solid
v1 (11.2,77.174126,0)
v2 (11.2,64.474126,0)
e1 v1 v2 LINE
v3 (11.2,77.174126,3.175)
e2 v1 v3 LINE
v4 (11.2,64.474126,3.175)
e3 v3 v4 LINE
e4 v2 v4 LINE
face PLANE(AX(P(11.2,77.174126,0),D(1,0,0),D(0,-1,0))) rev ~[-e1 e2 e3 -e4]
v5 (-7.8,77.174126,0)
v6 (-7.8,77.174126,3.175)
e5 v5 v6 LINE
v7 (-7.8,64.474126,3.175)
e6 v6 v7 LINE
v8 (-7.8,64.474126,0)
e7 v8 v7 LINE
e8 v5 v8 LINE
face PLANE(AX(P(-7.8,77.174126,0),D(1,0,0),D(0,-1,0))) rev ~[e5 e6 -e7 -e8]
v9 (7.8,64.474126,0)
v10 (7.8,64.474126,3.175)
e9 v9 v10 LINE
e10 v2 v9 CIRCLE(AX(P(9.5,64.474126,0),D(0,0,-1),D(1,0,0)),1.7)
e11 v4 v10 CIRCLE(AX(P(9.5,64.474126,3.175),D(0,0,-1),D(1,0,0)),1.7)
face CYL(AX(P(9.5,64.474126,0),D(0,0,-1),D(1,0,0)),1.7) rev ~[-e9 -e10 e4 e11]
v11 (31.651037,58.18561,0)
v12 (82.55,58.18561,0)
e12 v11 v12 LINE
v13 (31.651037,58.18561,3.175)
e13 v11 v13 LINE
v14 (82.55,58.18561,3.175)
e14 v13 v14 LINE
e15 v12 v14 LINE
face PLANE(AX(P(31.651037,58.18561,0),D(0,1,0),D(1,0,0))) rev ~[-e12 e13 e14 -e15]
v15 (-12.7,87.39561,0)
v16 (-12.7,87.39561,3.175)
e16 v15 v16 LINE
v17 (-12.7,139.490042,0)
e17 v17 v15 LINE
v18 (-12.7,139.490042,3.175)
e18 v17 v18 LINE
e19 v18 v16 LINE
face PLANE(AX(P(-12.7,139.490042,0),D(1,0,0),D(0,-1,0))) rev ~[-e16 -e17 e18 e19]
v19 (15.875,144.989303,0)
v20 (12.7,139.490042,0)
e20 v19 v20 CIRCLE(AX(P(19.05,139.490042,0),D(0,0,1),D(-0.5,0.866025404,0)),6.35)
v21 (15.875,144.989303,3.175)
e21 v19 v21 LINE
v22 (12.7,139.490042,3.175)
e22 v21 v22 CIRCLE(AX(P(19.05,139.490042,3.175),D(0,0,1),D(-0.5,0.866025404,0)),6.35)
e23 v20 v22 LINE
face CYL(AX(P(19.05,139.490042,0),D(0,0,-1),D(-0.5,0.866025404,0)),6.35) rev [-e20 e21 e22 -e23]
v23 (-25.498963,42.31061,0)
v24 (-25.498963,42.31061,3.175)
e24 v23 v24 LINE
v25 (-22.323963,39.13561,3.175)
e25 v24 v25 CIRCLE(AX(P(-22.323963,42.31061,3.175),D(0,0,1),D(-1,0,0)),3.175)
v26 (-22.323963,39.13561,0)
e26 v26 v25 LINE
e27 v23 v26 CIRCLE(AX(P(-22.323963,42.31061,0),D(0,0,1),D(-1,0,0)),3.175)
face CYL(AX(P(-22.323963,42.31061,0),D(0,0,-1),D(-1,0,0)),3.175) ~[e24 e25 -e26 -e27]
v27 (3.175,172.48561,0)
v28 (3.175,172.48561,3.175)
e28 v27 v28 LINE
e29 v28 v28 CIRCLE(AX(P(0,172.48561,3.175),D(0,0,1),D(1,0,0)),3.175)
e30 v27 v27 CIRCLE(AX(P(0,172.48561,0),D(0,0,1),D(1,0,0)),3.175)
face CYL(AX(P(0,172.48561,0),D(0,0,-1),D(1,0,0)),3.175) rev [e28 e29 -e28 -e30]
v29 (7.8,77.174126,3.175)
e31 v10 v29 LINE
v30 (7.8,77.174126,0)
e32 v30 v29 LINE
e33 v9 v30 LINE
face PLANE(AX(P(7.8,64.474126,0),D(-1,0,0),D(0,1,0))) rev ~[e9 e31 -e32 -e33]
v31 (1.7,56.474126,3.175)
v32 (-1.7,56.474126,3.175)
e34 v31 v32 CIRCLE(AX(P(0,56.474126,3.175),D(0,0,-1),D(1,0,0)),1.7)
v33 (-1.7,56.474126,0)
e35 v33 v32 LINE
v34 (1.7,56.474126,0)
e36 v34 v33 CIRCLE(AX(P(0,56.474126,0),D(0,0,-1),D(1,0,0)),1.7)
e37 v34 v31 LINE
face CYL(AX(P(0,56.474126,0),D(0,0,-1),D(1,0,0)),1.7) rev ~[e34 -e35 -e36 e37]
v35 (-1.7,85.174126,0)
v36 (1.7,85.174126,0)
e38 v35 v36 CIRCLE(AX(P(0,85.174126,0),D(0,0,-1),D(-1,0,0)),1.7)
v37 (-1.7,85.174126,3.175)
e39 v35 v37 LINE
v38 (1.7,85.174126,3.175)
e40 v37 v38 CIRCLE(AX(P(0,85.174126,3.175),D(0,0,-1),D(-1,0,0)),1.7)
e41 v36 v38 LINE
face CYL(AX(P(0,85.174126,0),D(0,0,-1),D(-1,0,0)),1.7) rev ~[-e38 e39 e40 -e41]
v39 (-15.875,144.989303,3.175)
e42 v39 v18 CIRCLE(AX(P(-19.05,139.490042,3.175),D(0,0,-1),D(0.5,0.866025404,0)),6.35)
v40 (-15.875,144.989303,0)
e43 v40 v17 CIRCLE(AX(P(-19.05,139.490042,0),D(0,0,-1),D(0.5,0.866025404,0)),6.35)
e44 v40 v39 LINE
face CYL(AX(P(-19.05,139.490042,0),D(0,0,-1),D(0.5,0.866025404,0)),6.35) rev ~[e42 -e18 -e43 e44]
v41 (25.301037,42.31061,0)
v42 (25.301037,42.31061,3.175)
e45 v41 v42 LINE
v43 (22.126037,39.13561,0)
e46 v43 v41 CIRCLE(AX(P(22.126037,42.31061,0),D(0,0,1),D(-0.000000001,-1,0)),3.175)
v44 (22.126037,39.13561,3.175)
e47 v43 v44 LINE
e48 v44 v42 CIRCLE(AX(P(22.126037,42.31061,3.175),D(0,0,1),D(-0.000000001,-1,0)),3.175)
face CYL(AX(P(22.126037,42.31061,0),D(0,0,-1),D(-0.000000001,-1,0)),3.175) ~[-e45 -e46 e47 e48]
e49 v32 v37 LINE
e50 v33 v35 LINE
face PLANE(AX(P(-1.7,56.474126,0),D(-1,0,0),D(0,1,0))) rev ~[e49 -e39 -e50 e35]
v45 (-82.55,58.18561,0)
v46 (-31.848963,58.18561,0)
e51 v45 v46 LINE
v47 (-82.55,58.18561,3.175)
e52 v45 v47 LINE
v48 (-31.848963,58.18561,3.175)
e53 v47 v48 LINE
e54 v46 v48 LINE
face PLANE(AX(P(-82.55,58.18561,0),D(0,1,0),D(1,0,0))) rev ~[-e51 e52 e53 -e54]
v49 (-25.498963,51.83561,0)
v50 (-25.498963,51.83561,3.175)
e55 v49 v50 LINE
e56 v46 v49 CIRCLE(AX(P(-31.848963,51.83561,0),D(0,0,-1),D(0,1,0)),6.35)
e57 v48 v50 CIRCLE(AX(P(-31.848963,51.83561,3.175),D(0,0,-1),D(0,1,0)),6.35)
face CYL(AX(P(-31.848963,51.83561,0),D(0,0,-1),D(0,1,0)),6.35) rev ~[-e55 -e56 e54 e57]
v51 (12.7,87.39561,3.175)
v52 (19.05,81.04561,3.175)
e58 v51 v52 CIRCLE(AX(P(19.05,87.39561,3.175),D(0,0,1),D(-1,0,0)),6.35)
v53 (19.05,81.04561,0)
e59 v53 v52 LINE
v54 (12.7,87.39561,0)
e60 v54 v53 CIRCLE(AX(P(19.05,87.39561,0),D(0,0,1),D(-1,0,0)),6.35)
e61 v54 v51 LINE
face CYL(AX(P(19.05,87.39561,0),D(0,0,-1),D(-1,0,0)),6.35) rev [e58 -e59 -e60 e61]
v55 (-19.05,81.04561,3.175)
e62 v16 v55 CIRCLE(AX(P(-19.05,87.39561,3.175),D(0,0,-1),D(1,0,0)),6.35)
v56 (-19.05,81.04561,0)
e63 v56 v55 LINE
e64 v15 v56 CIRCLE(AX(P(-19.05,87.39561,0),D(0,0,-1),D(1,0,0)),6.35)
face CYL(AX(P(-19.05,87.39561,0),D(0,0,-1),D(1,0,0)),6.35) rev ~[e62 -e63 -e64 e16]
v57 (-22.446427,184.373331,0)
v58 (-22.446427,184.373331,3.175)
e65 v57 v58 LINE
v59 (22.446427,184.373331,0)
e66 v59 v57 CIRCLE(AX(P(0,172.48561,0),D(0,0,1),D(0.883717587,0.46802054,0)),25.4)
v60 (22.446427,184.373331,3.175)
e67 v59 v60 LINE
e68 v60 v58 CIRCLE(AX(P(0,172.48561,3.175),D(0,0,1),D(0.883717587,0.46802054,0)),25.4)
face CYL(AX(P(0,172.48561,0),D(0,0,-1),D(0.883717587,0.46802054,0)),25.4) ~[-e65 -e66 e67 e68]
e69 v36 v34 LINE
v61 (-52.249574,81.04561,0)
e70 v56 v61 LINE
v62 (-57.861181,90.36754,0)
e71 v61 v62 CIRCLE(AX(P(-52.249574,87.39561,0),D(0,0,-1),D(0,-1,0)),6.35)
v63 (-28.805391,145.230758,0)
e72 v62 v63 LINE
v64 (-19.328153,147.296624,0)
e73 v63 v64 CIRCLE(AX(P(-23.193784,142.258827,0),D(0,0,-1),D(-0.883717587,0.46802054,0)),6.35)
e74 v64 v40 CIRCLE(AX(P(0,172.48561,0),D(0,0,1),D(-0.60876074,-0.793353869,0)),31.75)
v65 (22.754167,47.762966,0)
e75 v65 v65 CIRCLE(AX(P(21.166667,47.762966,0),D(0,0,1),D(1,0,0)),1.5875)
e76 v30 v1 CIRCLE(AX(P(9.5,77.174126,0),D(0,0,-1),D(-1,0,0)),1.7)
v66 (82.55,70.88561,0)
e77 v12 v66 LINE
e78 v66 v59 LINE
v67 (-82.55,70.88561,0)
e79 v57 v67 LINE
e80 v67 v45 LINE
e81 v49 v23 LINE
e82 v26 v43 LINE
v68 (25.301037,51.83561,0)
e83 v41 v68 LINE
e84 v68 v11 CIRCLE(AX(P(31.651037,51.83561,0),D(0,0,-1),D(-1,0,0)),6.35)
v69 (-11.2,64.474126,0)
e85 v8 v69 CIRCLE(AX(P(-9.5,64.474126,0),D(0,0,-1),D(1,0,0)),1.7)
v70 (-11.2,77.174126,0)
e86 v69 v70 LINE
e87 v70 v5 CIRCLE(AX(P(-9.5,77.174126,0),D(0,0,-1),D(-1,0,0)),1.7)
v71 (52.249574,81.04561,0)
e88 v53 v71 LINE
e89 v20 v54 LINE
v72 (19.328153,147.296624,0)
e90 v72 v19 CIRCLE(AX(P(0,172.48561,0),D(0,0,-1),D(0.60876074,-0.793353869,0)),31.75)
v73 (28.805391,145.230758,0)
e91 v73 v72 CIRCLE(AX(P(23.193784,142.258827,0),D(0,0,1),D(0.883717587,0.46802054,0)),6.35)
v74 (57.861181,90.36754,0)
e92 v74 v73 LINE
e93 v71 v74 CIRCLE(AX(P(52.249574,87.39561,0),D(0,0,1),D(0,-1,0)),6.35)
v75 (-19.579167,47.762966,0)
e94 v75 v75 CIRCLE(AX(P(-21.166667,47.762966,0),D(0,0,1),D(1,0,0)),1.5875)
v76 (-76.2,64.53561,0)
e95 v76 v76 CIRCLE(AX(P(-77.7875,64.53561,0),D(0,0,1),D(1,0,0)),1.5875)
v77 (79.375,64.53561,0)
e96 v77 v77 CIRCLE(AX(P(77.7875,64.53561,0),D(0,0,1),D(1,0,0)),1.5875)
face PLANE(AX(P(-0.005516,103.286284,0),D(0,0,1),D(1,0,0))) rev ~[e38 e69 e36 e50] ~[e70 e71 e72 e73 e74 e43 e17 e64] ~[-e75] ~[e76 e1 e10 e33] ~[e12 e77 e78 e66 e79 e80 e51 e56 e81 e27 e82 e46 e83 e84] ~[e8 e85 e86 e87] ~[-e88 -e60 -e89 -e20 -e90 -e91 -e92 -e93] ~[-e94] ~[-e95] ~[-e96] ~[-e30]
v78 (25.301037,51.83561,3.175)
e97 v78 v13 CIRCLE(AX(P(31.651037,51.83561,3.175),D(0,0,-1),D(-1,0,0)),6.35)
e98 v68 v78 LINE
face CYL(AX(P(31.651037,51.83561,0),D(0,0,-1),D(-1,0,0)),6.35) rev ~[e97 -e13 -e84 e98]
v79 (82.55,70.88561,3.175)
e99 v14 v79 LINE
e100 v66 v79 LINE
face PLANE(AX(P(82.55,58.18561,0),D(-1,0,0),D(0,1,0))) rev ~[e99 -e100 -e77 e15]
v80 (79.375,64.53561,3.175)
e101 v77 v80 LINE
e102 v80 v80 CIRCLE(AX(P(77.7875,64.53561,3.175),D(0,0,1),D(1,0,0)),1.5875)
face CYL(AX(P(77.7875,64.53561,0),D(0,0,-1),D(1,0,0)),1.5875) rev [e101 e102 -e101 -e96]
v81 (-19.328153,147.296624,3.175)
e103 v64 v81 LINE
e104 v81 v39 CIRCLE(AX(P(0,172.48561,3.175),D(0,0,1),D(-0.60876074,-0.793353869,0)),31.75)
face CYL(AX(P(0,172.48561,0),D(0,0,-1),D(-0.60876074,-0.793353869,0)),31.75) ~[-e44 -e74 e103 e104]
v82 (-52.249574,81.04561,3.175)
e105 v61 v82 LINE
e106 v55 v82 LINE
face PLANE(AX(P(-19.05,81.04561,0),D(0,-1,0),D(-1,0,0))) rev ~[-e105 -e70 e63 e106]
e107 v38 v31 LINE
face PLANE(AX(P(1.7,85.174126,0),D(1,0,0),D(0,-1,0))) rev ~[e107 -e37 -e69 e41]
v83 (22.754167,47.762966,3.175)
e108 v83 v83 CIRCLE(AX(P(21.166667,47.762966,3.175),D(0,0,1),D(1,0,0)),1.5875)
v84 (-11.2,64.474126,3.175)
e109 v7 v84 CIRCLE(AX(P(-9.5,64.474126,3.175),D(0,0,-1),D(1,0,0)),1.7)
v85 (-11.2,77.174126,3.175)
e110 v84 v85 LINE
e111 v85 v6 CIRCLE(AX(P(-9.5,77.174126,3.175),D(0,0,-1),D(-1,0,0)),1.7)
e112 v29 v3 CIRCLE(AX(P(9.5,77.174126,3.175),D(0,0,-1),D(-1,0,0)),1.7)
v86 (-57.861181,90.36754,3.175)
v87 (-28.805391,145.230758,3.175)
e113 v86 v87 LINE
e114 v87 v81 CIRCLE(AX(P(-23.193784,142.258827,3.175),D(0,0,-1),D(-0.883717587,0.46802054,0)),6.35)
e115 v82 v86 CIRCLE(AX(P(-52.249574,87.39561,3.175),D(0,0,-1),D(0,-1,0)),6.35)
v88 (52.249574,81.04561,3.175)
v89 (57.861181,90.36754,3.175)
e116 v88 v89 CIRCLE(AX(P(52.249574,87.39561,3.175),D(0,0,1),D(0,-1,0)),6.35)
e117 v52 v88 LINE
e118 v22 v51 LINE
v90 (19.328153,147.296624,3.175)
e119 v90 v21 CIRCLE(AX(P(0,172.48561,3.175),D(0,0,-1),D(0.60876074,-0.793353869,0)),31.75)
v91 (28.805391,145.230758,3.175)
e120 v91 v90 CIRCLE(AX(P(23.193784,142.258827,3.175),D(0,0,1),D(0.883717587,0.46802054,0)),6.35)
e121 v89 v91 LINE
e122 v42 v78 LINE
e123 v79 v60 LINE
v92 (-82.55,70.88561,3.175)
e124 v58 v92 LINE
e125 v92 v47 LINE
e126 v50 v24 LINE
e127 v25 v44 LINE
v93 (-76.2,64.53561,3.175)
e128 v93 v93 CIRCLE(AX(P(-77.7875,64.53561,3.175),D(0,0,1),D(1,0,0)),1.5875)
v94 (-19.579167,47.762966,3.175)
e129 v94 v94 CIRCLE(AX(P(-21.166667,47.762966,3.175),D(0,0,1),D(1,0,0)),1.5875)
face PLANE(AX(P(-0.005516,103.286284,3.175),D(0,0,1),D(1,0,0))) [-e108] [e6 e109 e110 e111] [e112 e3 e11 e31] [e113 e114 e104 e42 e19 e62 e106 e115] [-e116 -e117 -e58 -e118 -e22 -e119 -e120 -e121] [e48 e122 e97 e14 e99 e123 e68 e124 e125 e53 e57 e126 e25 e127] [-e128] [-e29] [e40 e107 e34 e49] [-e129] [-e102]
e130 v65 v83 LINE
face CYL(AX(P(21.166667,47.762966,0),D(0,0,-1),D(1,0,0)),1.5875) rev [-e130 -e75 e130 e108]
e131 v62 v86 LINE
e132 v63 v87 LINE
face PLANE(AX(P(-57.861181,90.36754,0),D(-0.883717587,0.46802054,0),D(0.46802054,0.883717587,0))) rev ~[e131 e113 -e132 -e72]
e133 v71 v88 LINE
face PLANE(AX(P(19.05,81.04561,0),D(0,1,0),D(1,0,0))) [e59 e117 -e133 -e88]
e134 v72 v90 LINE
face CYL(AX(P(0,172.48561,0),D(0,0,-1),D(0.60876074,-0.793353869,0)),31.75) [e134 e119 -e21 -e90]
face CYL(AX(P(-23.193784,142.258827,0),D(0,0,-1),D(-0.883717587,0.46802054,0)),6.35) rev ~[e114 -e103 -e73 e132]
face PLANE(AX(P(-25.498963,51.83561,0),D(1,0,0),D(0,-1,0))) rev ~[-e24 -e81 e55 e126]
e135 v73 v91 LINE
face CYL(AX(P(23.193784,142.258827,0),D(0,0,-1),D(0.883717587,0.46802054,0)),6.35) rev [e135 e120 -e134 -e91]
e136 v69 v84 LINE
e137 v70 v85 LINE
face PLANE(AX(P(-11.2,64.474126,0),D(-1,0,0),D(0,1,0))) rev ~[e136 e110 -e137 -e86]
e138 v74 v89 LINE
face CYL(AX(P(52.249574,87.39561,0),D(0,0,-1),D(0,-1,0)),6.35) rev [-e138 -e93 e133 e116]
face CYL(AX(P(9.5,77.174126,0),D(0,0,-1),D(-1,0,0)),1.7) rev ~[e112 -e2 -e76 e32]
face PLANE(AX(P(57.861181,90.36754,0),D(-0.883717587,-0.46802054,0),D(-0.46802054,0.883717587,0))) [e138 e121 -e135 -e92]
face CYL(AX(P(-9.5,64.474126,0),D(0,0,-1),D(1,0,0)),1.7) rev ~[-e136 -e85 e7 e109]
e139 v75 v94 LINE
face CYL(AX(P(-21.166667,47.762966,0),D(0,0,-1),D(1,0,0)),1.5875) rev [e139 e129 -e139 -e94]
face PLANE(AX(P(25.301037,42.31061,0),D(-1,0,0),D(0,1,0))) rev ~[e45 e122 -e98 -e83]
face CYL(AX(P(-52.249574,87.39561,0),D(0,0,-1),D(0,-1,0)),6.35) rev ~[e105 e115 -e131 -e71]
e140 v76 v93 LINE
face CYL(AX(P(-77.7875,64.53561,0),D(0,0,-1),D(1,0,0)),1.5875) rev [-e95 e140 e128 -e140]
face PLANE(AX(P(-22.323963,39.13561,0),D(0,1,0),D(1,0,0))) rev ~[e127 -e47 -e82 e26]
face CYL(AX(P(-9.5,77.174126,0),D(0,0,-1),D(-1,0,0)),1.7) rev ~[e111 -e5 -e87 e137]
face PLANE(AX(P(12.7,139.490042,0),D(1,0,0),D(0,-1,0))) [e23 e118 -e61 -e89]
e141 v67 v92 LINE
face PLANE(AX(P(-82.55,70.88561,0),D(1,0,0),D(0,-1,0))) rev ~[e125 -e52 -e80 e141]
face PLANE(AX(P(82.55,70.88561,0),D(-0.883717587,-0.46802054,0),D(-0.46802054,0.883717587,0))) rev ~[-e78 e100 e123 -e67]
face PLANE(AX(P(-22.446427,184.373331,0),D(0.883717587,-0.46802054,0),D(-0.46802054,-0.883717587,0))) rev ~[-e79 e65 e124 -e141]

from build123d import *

# Parameters (mm, degrees)
SKETCH5_R           = 1.5875
SKETCH5_R_2         = 3.175
BOSS_EXTRUDE2_DEPTH = 3.175


with BuildPart() as part:
    # Sketch5 → Boss-Extrude2 (new body)
    with BuildSketch(Plane.XY):
        with BuildLine():
            Line((-82.55, 70.885609673), (-82.55, 58.185609673))
            Line((-82.55, 58.185609673), (-31.848963051, 58.185609673))
            ThreePointArc((-31.848963051, 58.185609673), (-27.35883499, 56.325737733), (-25.498963051, 51.835609673))
            Line((-25.498963051, 51.835609673), (-25.498963051, 42.310609673))
            ThreePointArc((-25.498963051, 42.310609673), (-24.569027081, 40.065545642), (-22.323963051, 39.135609673))
            Line((-22.323963051, 39.135609673), (22.126036949, 39.135609673))
            ThreePointArc((22.126036949, 39.135609673), (24.37110098, 40.065545642), (25.301036949, 42.310609673))
            Line((25.301036949, 42.310609673), (25.301036949, 51.835609673))
            ThreePointArc((25.301036949, 51.835609673), (27.160908889, 56.325737733), (31.651036949, 58.185609673))
            Line((31.651036949, 58.185609673), (82.55, 58.185609673))
            Line((82.55, 58.185609673), (82.55, 70.885609673))
            Line((82.55, 70.885609673), (22.446426721, 184.373331383))
            ThreePointArc((22.446426721, 184.373331383), (0, 197.885609673), (-22.446426721, 184.373331383))
            Line((-22.446426721, 184.373331383), (-82.55, 70.885609673))
        make_face()
        with Locations((-77.7875, 64.535609673)):
            Circle(SKETCH5_R, mode=Mode.SUBTRACT)
        with Locations((77.7875, 64.535609673)):
            Circle(SKETCH5_R, mode=Mode.SUBTRACT)
        with Locations((-21.166666667, 47.762966307)):
            Circle(SKETCH5_R, mode=Mode.SUBTRACT)
        with Locations((21.166666667, 47.762966307)):
            Circle(SKETCH5_R, mode=Mode.SUBTRACT)
        with Locations((0, 172.485609673)):
            Circle(SKETCH5_R_2, mode=Mode.SUBTRACT)
        with BuildLine():
            Line((-57.861180964, 90.3675401), (-28.80539088, 145.230757697))
            ThreePointArc((-28.80539088, 145.230757697), (-24.546211379, 148.463135508), (-19.3281535, 147.296624336))
            ThreePointArc((-19.3281535, 147.296624336), (-17.639343437, 146.086441824), (-15.875, 144.989303103))
            ThreePointArc((-15.875, 144.989303103), (-13.550738686, 142.665041789), (-12.7, 139.490041789))
            Line((-12.7, 139.490041789), (-12.7, 87.395609673))
            ThreePointArc((-12.7, 87.395609673), (-14.559871939, 82.905481612), (-19.05, 81.045609673))
            Line((-19.05, 81.045609673), (-52.249574284, 81.045609673))
            ThreePointArc((-52.249574284, 81.045609673), (-57.689898641, 84.120648468), (-57.861180964, 90.3675401))
        make_face(mode=Mode.SUBTRACT)
        with BuildLine():
            Line((57.861180964, 90.3675401), (28.80539088, 145.230757697))
            ThreePointArc((28.80539088, 145.230757697), (24.546211379, 148.463135508), (19.3281535, 147.296624336))
            ThreePointArc((19.3281535, 147.296624336), (17.639343437, 146.086441824), (15.875, 144.989303103))
            ThreePointArc((15.875, 144.989303103), (13.550738686, 142.665041789), (12.7, 139.490041789))
            Line((12.7, 139.490041789), (12.7, 87.395609673))
            ThreePointArc((12.7, 87.395609673), (14.559871939, 82.905481612), (19.05, 81.045609673))
            Line((19.05, 81.045609673), (52.249574284, 81.045609673))
            ThreePointArc((52.249574284, 81.045609673), (57.689898641, 84.120648468), (57.861180964, 90.3675401))
        make_face(mode=Mode.SUBTRACT)
        with BuildLine():
            Line((-11.2, 64.474125728), (-11.2, 77.174125728))
            ThreePointArc((-11.2, 77.174125728), (-9.5, 78.874125728), (-7.8, 77.174125728))
            Line((-7.8, 77.174125728), (-7.8, 64.474125728))
            ThreePointArc((-7.8, 64.474125728), (-9.5, 62.774125728), (-11.2, 64.474125728))
        make_face(mode=Mode.SUBTRACT)
        with BuildLine():
            Line((-1.7, 56.474125728), (-1.7, 85.174125728))
            ThreePointArc((-1.7, 85.174125728), (0, 86.874125728), (1.7, 85.174125728))
            Line((1.7, 85.174125728), (1.7, 56.474125728))
            ThreePointArc((1.7, 56.474125728), (0, 54.774125728), (-1.7, 56.474125728))
        make_face(mode=Mode.SUBTRACT)
        with BuildLine():
            Line((7.8, 64.474125728), (7.8, 77.174125728))
            ThreePointArc((7.8, 77.174125728), (9.5, 78.874125728), (11.2, 77.174125728))
            Line((11.2, 77.174125728), (11.2, 64.474125728))
            ThreePointArc((11.2, 64.474125728), (9.5, 62.774125728), (7.8, 64.474125728))
        make_face(mode=Mode.SUBTRACT)
    extrude(amount=BOSS_EXTRUDE2_DEPTH)


solid = part.part
